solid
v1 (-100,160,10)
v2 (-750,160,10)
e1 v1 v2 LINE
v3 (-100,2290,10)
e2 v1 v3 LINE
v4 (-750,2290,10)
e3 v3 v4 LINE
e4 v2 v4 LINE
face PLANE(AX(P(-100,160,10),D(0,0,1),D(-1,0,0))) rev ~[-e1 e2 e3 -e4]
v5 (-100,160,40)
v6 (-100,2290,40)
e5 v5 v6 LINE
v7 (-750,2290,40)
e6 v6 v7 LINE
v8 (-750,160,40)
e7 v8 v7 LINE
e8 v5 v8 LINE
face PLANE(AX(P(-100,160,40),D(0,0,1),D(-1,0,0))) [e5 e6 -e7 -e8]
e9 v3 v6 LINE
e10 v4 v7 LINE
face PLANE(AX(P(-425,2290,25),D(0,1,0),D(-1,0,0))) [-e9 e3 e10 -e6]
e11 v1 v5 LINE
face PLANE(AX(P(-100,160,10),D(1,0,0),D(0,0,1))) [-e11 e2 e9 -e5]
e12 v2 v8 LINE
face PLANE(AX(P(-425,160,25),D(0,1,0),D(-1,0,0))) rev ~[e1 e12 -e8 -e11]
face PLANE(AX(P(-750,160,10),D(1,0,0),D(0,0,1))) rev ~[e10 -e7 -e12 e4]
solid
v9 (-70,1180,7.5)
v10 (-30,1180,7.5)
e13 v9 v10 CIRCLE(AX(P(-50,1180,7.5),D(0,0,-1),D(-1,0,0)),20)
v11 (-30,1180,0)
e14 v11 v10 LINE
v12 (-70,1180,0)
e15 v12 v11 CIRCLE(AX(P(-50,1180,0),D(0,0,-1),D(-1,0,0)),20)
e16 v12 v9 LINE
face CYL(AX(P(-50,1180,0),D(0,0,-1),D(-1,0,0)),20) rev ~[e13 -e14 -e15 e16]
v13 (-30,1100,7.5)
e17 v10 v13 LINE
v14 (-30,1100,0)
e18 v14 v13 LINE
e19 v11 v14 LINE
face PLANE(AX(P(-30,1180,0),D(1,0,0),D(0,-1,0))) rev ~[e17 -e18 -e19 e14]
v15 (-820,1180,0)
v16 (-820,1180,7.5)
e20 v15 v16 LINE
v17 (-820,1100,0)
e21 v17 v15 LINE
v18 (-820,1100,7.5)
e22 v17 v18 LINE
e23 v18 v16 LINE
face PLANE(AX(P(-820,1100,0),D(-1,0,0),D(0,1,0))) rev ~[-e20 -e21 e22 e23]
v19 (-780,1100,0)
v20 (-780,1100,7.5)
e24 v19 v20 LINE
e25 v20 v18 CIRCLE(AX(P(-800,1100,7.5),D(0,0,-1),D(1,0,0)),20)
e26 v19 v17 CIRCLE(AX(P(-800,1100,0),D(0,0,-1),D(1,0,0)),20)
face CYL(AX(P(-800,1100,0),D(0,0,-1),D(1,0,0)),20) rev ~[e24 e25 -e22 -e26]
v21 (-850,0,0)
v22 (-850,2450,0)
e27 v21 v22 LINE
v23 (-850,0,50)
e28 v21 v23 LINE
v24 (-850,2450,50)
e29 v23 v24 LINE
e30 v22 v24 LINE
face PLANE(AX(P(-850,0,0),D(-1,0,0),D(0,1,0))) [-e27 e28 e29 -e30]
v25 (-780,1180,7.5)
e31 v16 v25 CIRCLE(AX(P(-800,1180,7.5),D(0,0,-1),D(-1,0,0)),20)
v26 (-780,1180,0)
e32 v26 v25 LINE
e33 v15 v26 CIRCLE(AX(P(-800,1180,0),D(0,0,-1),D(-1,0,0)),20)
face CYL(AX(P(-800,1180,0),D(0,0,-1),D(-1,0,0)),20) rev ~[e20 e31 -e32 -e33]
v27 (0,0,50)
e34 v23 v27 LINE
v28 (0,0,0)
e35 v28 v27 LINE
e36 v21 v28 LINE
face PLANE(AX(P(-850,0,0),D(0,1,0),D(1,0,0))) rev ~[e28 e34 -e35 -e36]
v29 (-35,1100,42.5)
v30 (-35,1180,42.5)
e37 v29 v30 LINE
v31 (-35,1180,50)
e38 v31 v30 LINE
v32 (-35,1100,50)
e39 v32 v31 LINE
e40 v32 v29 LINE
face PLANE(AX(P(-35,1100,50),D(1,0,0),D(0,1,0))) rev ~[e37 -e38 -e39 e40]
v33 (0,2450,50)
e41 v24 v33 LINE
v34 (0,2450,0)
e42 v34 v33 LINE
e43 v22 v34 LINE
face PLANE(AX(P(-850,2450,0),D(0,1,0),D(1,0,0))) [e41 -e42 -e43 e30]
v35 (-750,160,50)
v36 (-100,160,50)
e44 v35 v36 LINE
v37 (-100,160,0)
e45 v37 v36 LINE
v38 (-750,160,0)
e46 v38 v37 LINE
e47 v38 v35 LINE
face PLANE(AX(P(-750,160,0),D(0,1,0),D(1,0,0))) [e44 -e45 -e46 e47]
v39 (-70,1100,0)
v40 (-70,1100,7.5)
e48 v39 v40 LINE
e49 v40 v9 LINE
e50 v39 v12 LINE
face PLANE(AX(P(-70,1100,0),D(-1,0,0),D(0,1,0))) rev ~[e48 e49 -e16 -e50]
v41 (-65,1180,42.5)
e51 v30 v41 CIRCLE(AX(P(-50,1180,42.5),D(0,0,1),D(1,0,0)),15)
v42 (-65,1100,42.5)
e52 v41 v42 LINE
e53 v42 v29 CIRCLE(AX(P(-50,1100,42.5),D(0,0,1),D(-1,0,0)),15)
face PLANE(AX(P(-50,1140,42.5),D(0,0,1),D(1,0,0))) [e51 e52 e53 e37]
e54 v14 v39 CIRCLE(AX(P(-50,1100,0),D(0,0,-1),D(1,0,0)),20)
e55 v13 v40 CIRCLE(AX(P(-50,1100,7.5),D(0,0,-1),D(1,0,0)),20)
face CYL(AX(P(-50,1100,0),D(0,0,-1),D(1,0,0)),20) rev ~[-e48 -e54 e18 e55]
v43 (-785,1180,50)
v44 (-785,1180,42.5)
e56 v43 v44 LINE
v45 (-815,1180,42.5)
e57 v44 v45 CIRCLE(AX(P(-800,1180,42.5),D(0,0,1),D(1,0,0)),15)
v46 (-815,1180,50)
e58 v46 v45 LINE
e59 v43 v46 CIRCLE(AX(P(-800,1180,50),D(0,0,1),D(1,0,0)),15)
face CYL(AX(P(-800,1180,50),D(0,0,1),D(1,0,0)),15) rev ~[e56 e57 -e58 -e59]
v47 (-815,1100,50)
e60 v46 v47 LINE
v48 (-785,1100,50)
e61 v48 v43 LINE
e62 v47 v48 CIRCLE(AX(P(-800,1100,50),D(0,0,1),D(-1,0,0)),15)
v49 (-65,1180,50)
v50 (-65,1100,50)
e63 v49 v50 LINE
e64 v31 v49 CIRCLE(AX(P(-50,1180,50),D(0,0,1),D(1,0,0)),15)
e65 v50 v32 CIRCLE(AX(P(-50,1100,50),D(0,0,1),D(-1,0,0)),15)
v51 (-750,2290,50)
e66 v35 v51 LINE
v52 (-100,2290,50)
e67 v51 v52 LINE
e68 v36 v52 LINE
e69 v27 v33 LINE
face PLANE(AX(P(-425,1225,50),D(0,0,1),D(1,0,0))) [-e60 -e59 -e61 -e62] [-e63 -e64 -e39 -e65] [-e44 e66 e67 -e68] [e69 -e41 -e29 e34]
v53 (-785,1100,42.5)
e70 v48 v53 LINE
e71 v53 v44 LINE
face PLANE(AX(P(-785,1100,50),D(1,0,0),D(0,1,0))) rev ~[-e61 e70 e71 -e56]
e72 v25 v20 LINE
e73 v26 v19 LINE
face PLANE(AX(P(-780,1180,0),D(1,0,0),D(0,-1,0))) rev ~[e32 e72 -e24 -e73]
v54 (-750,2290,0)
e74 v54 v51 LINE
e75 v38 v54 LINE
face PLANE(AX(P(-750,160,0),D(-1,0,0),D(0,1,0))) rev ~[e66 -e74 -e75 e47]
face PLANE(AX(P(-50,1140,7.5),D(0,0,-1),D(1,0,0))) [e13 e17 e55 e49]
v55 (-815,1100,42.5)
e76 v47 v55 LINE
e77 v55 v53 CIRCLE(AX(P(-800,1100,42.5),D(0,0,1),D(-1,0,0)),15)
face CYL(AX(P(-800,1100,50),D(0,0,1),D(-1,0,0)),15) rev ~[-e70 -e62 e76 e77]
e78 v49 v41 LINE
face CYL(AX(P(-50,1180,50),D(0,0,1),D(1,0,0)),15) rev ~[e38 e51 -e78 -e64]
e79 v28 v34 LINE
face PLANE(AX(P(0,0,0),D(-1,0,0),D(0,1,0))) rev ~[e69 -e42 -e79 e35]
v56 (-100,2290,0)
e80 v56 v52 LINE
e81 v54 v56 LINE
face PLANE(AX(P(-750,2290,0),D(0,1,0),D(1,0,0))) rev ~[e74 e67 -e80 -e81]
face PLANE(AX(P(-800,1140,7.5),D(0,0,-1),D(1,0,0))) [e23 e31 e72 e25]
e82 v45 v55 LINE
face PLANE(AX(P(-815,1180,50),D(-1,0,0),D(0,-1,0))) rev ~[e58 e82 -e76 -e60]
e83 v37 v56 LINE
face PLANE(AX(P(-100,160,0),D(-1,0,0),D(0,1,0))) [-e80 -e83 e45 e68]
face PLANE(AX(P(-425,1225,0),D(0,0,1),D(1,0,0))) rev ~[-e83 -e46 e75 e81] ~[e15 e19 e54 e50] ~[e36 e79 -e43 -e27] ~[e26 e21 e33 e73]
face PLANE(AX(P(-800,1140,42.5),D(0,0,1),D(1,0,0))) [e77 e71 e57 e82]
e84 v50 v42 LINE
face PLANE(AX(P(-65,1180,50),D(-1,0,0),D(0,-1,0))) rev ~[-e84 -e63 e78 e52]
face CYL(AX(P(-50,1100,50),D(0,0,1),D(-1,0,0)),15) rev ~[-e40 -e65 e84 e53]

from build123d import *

# Parameters (mm, degrees)
F0_W     = 850
F0_H     = 2450
F0_W_2   = 650
F0_H_2   = 2130
F1_DEPTH = 50
F2_W     = 650
F2_H     = 30
F3_DEPTH = 2130
F5_DEPTH = 7.5
F7_DEPTH = 7.5


with BuildPart() as f1:
    # F0 (on Top) → F1 (new body)
    with BuildSketch(Plane.XY):
        with Locations((-425, 1225)):
            Rectangle(F0_W, F0_H)
        with Locations((-425, 1225)):
            Rectangle(F0_W_2, F0_H_2, mode=Mode.SUBTRACT)
    extrude(amount=F1_DEPTH)

    # F4 (on face) → F5 (cut)
    with BuildSketch(Plane.XY.offset(50)):
        with BuildLine():
            ThreePointArc((-785, 1180), (-800, 1195), (-815, 1180))
            Line((-815, 1180), (-815, 1100))
            ThreePointArc((-815, 1100), (-800, 1085), (-785, 1100))
            Line((-785, 1100), (-785, 1180))
        make_face()
        with BuildLine():
            Line((-65, 1180), (-65, 1100))
            ThreePointArc((-65, 1100), (-50, 1085), (-35, 1100))
            Line((-35, 1100), (-35, 1180))
            ThreePointArc((-35, 1180), (-50, 1195), (-65, 1180))
        make_face()
    extrude(amount=-F5_DEPTH, mode=Mode.SUBTRACT)

    # F6 (on face) → F7 (cut)
    with BuildSketch(Plane(origin=(0, 0, 0), x_dir=(1, 0, 0), z_dir=(0, 0, -1))):
        with BuildLine():
            ThreePointArc((-70, -1180), (-50, -1200), (-30, -1180))
            Line((-30, -1180), (-30, -1100))
            ThreePointArc((-30, -1100), (-50, -1080), (-70, -1100))
            Line((-70, -1100), (-70, -1180))
        make_face()
        with BuildLine():
            ThreePointArc((-820, -1180), (-800, -1200), (-780, -1180))
            Line((-780, -1180), (-780, -1100))
            ThreePointArc((-780, -1100), (-800, -1080), (-820, -1100))
            Line((-820, -1100), (-820, -1180))
        make_face()
    extrude(amount=-F7_DEPTH, mode=Mode.SUBTRACT)


with BuildPart() as f3:
    # F2 (on face) → F3 (new body)
    with BuildSketch(Plane(origin=(0, 160, 0), x_dir=(-1, 0, 0), z_dir=(0, 1, 0))):
        with Locations((425, 25)):
            Rectangle(F2_W, F2_H)
    extrude(amount=F3_DEPTH)


solid = Compound([f1.part, f3.part])
